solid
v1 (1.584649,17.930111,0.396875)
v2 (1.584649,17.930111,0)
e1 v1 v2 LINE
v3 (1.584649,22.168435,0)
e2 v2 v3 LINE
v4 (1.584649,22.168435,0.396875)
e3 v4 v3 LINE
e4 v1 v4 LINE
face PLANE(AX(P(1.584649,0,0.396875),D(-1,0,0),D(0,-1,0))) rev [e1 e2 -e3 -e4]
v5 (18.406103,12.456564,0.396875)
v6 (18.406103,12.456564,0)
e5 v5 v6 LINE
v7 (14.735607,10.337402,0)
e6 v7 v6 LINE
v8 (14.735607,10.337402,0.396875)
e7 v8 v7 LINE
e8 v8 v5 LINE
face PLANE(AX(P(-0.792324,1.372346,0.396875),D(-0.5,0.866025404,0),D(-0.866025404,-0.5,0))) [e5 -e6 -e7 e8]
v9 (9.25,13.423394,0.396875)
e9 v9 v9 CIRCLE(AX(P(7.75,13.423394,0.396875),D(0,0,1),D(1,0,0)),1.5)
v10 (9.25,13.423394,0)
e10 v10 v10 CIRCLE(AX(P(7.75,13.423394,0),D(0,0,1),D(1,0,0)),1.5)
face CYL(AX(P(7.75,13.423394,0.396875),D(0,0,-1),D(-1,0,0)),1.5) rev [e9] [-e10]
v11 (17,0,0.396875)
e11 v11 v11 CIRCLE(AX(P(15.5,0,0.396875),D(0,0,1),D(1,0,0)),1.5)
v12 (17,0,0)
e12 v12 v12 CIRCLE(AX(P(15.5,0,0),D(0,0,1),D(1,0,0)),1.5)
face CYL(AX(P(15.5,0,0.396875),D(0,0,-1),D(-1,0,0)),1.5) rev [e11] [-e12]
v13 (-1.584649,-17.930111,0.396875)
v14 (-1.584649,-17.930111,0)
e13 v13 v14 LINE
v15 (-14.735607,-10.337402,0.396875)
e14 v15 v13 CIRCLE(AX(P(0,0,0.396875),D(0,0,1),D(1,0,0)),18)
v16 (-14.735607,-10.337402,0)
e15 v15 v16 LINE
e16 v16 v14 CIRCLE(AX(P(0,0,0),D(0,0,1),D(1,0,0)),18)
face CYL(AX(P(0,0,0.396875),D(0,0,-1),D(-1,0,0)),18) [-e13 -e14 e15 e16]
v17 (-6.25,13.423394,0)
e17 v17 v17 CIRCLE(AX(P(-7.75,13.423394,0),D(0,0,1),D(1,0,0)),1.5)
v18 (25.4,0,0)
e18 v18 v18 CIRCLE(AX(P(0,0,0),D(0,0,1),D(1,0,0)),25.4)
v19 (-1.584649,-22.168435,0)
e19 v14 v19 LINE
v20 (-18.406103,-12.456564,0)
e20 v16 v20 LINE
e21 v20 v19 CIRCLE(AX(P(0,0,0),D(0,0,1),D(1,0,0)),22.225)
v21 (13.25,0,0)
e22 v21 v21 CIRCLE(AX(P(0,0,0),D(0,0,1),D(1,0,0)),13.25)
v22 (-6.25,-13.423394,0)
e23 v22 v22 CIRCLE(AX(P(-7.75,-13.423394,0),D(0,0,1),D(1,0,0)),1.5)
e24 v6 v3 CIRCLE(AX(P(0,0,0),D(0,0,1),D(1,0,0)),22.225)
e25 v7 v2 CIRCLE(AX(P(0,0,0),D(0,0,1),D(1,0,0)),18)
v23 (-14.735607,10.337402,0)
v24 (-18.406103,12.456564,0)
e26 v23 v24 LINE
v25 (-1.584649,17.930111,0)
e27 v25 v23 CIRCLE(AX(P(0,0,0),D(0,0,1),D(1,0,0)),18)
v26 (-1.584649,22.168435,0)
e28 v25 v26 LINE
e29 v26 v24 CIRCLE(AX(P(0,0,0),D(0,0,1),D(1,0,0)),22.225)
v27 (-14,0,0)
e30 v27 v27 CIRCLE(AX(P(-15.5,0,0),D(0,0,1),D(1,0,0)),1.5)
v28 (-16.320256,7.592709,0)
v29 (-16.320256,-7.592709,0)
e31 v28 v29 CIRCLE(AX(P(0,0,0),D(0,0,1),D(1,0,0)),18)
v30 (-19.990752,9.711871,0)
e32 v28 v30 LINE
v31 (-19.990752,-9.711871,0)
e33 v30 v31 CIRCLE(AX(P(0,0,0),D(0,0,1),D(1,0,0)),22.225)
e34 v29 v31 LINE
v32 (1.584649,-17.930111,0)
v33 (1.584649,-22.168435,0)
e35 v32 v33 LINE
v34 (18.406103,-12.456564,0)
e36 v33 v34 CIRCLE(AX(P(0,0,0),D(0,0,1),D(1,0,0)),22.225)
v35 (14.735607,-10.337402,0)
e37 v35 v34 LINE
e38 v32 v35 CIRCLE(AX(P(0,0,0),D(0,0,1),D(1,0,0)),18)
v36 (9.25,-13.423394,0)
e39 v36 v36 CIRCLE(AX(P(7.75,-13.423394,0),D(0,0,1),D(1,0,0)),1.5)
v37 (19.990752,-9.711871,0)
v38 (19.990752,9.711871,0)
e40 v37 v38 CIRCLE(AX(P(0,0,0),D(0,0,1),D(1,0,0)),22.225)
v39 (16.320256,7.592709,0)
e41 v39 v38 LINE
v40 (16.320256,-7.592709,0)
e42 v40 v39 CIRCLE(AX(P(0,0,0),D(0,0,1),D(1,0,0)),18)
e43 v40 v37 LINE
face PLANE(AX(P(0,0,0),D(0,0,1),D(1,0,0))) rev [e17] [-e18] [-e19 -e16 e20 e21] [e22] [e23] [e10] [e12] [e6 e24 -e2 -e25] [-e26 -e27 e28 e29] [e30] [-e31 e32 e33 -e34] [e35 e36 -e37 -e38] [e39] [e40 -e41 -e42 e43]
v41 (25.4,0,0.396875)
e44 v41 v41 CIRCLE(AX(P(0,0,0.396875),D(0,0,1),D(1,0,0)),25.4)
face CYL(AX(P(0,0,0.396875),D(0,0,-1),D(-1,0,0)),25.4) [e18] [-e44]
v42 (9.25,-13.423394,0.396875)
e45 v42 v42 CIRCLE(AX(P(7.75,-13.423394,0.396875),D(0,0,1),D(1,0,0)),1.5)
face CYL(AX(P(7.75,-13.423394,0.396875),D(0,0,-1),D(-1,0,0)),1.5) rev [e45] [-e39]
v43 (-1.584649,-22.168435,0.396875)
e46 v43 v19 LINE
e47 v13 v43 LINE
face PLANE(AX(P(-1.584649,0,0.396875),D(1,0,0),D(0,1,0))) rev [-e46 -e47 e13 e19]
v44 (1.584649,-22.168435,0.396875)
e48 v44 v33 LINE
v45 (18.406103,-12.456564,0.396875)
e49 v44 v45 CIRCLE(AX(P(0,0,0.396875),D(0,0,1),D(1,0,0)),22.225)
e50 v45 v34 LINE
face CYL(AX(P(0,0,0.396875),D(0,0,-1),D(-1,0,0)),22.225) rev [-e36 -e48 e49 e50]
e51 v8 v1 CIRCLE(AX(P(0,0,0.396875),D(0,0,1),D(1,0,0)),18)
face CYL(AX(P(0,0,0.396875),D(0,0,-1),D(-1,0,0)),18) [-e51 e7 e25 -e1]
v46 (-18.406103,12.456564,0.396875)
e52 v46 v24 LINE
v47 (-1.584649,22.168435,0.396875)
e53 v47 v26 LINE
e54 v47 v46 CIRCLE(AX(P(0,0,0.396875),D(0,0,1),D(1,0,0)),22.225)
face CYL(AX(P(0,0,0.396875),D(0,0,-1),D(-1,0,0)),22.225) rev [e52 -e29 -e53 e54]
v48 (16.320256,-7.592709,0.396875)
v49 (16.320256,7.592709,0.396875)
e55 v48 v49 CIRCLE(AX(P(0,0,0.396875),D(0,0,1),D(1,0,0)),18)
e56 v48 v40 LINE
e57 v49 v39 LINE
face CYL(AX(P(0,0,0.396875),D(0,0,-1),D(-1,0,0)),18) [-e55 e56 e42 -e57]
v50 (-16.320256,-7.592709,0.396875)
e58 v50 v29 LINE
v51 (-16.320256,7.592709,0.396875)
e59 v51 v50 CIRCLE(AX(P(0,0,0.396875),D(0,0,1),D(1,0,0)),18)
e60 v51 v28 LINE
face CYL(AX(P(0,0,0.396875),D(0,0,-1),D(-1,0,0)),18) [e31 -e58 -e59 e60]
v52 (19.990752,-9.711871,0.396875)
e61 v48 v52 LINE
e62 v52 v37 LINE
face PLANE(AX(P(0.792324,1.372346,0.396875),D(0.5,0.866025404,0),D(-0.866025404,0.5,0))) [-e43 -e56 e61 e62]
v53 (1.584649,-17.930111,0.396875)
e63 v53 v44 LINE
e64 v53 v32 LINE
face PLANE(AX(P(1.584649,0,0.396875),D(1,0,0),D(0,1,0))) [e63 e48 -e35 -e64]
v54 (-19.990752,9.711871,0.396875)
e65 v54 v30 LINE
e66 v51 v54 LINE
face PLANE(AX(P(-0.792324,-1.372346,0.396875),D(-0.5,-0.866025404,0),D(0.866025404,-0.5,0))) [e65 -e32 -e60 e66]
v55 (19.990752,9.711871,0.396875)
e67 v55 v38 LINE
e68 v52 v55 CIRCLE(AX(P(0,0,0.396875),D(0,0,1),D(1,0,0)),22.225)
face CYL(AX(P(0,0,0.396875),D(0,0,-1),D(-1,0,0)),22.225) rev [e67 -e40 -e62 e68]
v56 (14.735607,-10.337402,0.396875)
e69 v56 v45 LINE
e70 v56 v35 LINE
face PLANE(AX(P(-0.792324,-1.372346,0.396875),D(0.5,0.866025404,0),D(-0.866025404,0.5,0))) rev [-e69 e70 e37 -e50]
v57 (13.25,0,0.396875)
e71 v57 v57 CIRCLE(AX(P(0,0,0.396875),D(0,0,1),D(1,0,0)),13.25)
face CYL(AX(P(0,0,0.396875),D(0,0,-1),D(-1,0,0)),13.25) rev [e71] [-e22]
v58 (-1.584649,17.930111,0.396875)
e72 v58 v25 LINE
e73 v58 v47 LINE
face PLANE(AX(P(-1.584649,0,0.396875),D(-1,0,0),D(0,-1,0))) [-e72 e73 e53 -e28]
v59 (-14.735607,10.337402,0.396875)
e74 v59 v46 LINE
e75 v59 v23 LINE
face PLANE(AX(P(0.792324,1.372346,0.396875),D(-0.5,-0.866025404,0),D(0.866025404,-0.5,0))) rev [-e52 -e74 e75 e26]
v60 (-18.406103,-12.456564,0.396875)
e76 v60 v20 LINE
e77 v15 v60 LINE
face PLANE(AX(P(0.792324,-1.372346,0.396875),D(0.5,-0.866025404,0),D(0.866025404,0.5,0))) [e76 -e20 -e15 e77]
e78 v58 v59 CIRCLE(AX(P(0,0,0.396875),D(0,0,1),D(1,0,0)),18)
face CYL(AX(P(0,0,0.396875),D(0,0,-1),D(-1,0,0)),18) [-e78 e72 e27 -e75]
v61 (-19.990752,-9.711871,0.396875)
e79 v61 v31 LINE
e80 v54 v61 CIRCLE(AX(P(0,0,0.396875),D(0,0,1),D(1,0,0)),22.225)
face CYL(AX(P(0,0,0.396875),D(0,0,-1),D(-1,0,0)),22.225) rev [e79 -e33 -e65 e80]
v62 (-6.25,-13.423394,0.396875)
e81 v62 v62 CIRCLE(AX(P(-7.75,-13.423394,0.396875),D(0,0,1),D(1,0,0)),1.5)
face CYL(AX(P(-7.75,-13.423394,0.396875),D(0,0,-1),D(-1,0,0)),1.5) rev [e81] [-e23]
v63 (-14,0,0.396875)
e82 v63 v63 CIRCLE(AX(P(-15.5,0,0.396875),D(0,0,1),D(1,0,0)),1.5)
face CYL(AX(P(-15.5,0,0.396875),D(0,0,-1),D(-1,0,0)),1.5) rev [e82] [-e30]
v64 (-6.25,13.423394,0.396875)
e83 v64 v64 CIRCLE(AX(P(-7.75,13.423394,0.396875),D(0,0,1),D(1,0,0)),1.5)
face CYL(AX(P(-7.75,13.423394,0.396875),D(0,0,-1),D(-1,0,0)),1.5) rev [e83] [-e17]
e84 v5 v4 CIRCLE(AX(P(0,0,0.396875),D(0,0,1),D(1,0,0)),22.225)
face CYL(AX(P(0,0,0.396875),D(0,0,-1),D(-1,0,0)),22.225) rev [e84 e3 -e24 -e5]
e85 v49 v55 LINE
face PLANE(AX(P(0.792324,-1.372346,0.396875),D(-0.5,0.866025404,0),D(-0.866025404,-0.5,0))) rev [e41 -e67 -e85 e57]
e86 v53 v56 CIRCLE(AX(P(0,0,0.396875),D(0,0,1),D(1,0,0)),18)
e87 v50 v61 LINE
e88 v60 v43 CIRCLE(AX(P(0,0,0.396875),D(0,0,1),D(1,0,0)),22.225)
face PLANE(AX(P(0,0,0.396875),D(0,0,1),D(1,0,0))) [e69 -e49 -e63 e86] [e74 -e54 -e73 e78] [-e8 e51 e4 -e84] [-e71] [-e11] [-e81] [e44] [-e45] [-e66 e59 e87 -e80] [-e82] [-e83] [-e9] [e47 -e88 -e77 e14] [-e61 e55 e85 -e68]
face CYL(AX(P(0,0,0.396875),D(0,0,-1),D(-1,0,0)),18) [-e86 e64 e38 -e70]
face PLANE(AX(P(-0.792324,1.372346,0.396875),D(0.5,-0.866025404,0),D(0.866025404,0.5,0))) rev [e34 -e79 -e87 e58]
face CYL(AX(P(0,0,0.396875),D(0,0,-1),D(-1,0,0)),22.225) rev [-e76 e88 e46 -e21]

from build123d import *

# Parameters (mm, degrees)
SKETCH1_R           = 25.4
SKETCH1_R_2         = 1.5
SKETCH1_R_3         = 13.25
BOSS_EXTRUDE1_DEPTH = 0.396875


with BuildPart() as part:
    # Sketch1 → Boss-Extrude1 (new body)
    with BuildSketch(Plane.XY):
        Circle(SKETCH1_R)
        with Locations((-15.5, 0)):
            Circle(SKETCH1_R_2, mode=Mode.SUBTRACT)
        with Locations((-7.75, 13.423393759)):
            Circle(SKETCH1_R_2, mode=Mode.SUBTRACT)
        with Locations((7.75, 13.423393759)):
            Circle(SKETCH1_R_2, mode=Mode.SUBTRACT)
        with Locations((15.5, 0)):
            Circle(SKETCH1_R_2, mode=Mode.SUBTRACT)
        with Locations((7.75, -13.423393759)):
            Circle(SKETCH1_R_2, mode=Mode.SUBTRACT)
        with Locations((-7.75, -13.423393759)):
            Circle(SKETCH1_R_2, mode=Mode.SUBTRACT)
        Circle(SKETCH1_R_3, mode=Mode.SUBTRACT)
        with BuildLine():
            Line((-1.584648919, 17.930111204), (-1.584648919, 22.168435055))
            ThreePointArc((-1.584648919, 22.168435055), (-11.1125, 19.247414599), (-18.406103461, 12.456563747))
            Line((-18.406103461, 12.456563747), (-14.735607336, 10.337401822))
            ThreePointArc((-14.735607336, 10.337401822), (-9, 15.588457268), (-1.584648919, 17.930111204))
        make_face(mode=Mode.SUBTRACT)
        with BuildLine():
            Line((1.584648919, 17.930111204), (1.584648919, 22.168435055))
            ThreePointArc((1.584648919, 22.168435055), (11.1125, 19.247414599), (18.406103461, 12.456563747))
            Line((18.406103461, 12.456563747), (14.735607336, 10.337401822))
            ThreePointArc((14.735607336, 10.337401822), (9, 15.588457268), (1.584648919, 17.930111204))
        make_face(mode=Mode.SUBTRACT)
        with BuildLine():
            Line((16.320256255, 7.592709383), (19.990752379, 9.711871308))
            ThreePointArc((19.990752379, 9.711871308), (22.225, 0), (19.990752379, -9.711871308))
            Line((19.990752379, -9.711871308), (16.320256255, -7.592709383))
            ThreePointArc((16.320256255, -7.592709383), (18, 0), (16.320256255, 7.592709383))
        make_face(mode=Mode.SUBTRACT)
        with BuildLine():
            Line((-16.320256255, 7.592709383), (-19.990752379, 9.711871308))
            ThreePointArc((-19.990752379, 9.711871308), (-22.225, 0), (-19.990752379, -9.711871308))
            Line((-19.990752379, -9.711871308), (-16.320256255, -7.592709383))
            ThreePointArc((-16.320256255, -7.592709383), (-18, 0), (-16.320256255, 7.592709383))
        make_face(mode=Mode.SUBTRACT)
        with BuildLine():
            Line((-14.735607336, -10.337401822), (-18.406103461, -12.456563747))
            ThreePointArc((-18.406103461, -12.456563747), (-11.1125, -19.247414599), (-1.584648919, -22.168435055))
            Line((-1.584648919, -22.168435055), (-1.584648919, -17.930111204))
            ThreePointArc((-1.584648919, -17.930111204), (-9, -15.588457268), (-14.735607336, -10.337401822))
        make_face(mode=Mode.SUBTRACT)
        with BuildLine():
            Line((1.584648919, -17.930111204), (1.584648919, -22.168435055))
            ThreePointArc((1.584648919, -22.168435055), (11.1125, -19.247414599), (18.406103461, -12.456563747))
            Line((18.406103461, -12.456563747), (14.735607336, -10.337401822))
            ThreePointArc((14.735607336, -10.337401822), (9, -15.588457268), (1.584648919, -17.930111204))
        make_face(mode=Mode.SUBTRACT)
    extrude(amount=BOSS_EXTRUDE1_DEPTH)


solid = part.part
